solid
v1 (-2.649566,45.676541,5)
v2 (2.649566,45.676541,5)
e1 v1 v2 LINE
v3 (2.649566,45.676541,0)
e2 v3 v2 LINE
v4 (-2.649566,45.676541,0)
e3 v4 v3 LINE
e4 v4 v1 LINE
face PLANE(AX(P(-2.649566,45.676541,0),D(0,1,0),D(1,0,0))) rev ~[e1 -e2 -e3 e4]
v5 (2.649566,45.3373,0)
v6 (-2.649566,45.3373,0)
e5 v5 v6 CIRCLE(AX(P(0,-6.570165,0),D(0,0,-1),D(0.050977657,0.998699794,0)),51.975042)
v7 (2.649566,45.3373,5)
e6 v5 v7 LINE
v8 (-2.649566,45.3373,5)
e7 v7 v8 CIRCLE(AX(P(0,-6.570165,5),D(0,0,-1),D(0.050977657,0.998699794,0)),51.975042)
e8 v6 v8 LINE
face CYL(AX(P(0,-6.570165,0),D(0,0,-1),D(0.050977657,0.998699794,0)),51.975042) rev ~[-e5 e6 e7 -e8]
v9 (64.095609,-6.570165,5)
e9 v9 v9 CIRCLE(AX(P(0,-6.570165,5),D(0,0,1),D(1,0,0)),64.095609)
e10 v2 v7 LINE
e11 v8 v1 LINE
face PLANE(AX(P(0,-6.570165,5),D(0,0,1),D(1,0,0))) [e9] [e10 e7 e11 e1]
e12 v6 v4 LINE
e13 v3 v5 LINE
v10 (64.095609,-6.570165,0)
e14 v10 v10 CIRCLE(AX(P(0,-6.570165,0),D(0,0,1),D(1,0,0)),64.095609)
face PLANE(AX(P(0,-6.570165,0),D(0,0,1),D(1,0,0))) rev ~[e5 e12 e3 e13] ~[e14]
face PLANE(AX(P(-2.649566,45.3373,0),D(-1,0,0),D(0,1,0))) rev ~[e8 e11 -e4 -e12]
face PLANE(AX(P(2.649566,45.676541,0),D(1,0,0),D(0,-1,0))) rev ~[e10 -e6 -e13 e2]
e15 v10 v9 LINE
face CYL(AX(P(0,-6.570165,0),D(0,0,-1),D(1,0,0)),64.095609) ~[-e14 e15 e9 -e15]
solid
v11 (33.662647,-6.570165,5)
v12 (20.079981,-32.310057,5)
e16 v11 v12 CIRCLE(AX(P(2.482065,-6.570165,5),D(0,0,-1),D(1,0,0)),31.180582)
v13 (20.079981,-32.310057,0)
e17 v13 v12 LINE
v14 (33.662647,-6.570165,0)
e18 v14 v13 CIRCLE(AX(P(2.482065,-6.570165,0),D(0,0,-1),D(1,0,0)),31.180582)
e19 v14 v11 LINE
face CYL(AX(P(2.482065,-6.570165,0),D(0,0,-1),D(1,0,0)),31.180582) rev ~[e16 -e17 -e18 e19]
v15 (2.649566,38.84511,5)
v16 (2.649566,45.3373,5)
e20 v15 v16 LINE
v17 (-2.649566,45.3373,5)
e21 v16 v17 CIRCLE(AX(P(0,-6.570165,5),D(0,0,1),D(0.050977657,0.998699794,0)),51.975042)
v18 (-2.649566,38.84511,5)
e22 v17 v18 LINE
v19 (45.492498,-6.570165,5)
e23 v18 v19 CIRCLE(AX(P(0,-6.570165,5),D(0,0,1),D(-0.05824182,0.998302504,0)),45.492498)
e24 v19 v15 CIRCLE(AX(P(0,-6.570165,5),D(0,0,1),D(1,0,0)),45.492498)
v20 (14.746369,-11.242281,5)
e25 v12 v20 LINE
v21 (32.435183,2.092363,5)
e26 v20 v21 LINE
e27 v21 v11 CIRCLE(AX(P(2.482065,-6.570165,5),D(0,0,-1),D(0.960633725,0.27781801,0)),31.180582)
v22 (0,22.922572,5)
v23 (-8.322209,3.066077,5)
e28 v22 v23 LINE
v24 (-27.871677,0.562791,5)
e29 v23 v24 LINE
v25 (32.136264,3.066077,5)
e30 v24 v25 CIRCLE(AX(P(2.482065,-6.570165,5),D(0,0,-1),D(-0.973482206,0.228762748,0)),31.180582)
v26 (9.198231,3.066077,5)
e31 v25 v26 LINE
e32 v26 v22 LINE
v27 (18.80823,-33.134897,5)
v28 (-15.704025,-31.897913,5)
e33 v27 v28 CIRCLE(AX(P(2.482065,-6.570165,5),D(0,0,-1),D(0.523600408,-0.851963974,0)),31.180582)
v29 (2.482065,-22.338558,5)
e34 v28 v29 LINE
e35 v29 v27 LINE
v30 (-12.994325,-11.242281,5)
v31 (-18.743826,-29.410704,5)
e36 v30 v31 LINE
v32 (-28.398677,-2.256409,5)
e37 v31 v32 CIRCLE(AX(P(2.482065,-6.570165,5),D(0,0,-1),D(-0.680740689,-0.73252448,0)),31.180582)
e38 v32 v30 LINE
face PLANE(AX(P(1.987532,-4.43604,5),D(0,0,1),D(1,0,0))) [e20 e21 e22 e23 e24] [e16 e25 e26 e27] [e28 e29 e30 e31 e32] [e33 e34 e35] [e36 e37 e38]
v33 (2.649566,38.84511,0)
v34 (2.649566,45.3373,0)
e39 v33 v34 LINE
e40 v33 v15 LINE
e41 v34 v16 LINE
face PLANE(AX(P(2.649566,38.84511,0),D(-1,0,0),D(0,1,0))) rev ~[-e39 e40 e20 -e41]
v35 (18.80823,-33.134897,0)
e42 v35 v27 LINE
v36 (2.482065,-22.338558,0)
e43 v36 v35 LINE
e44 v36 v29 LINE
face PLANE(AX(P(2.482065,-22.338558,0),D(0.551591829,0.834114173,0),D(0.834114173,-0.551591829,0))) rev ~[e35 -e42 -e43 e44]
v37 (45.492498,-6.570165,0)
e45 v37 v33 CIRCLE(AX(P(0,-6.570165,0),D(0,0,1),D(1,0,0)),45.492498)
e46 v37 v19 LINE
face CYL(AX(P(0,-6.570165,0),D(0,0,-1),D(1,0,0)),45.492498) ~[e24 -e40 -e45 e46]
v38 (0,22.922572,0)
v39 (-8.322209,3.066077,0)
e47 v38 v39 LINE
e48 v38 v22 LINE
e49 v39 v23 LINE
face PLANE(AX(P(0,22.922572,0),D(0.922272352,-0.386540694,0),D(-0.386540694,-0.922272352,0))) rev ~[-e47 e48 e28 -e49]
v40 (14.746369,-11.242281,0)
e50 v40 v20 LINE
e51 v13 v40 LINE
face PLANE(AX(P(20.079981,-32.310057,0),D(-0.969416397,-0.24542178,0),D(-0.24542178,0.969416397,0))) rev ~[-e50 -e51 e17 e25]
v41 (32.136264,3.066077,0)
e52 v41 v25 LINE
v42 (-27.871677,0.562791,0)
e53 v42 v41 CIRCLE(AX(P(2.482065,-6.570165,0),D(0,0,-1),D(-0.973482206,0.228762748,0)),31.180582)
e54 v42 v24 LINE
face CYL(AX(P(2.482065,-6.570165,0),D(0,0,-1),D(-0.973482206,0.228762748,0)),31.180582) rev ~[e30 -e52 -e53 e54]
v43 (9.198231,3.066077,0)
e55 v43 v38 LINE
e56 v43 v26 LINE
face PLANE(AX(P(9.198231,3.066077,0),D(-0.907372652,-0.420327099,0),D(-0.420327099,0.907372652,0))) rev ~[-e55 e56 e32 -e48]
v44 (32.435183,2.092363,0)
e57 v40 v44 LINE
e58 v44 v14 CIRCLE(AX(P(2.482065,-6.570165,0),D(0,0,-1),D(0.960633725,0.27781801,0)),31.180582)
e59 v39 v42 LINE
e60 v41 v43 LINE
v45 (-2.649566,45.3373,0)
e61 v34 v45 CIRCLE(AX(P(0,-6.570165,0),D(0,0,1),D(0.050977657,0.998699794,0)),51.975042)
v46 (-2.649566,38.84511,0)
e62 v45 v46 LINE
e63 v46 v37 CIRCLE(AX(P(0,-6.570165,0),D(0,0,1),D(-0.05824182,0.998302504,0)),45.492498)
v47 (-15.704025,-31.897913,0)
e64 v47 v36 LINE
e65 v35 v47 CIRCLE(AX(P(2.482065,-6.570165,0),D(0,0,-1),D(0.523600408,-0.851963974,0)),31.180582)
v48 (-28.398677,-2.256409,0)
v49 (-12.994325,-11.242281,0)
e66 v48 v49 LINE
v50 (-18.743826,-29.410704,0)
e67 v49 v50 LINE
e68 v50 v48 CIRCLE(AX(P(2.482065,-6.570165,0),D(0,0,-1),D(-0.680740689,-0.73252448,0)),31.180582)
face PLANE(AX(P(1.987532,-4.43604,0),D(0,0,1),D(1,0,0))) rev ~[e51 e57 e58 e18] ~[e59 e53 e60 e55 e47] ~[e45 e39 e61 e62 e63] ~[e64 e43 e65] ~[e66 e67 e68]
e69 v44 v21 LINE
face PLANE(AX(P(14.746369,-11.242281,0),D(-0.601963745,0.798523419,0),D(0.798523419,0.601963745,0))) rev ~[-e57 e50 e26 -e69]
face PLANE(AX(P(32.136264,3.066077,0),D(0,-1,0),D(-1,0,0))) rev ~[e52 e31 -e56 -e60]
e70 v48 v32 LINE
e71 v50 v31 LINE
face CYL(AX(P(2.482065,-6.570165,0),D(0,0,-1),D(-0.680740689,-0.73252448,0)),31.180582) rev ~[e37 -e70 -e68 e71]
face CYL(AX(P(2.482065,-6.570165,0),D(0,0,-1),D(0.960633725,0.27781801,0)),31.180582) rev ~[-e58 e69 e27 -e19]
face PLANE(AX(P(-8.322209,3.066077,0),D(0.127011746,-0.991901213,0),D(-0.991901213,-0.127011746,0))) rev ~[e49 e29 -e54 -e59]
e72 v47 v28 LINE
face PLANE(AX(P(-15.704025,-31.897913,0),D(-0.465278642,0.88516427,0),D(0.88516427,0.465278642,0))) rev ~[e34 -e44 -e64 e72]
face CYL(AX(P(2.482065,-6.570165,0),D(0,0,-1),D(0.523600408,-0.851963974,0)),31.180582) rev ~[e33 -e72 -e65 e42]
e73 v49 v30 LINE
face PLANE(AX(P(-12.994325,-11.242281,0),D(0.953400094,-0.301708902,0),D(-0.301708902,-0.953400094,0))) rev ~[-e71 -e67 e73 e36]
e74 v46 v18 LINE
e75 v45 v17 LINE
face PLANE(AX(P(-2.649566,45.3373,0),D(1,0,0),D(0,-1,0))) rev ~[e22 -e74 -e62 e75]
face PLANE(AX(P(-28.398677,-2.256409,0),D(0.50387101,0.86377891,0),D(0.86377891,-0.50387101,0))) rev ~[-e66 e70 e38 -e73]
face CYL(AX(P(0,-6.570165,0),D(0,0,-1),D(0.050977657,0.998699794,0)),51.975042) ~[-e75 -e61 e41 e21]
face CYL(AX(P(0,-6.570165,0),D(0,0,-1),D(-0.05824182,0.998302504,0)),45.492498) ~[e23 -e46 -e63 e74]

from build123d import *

# Parameters (mm, degrees)
F0_R     = 64.0956088901
F1_DEPTH = 5


with BuildPart() as f1:
    # F0 (on Top) → F1 (new body)
    with BuildSketch(Plane.XY):
        with Locations((0, -6.5701645799)):
            Circle(F0_R)
        with BuildLine():
            ThreePointArc((2.6495658708, 45.3372995925), (37.6770243961, 29.2327245322), (51.975042435, -6.5701645799))
            ThreePointArc((51.975042435, -6.5701645799), (-35.8028891121, -44.247188976), (-2.6495658708, 45.3372995925))
            Line((-2.6495658708, 45.3372995925), (-2.6495658708, 45.6765414602))
            Line((-2.6495658708, 45.6765414602), (2.6495658708, 45.6765414602))
            Line((2.6495658708, 45.6765414602), (2.6495658708, 45.3372995925))
        make_face(mode=Mode.SUBTRACT)
    extrude(amount=F1_DEPTH)


with BuildPart() as f1b:
    # F0 (on Top) → F1, piece 2 (new body)
    with BuildSketch(Plane.XY):
        with BuildLine():
            ThreePointArc((45.4924977003, -6.5701645799), (33.0915602253, 24.647074069), (2.6495658708, 38.8451098078))
            Line((2.6495658708, 38.8451098078), (-2.6495658708, 38.8451098078))
            ThreePointArc((-2.6495658708, 38.8451098078), (-31.2172386489, -39.6617248052), (45.4924977003, -6.5701645799))
        make_face()
        with BuildLine():
            Line((-28.3986768797, -2.2564090332), (-32.2668068111, 0))
            Line((-32.2668068111, 0), (-27.8716769403, 0.562791044))
            ThreePointArc((-27.8716769403, 0.562791044), (1.1824688453, 24.5833222554), (32.1362642374, 3.0660766643))
            Line((32.1362642374, 3.0660766643), (33.7268449366, 3.0660766643))
            Line((33.7268449366, 3.0660766643), (32.43518336, 2.0923626553))
            ThreePointArc((32.43518336, 2.0923626553), (33.3542558204, -2.1956347645), (33.6626467299, -6.5701645799))
            ThreePointArc((33.6626467299, -6.5701645799), (30.0587030706, -21.1220617558), (20.0799809754, -32.3100565119))
            Line((20.0799809754, -32.3100565119), (20.5865129828, -34.3108586967))
            Line((20.5865129828, -34.3108586967), (18.808230216, -33.1348970891))
            ThreePointArc((18.808230216, -33.1348970891), (1.3652109778, -37.7307378925), (-15.7040251778, -31.8979126852))
            Line((-15.7040251778, -31.8979126852), (-20.2945079654, -34.3108586967))
            Line((-20.2945079654, -34.3108586967), (-18.743826095, -29.4107041681))
            ThreePointArc((-18.743826095, -29.4107041681), (-26.8967409255, -17.0159516564), (-28.3986768797, -2.2564090332))
        make_face(mode=Mode.SUBTRACT)
        with BuildLine():
            Line((-8.3222091198, 3.0660766643), (-27.8716769403, 0.562791044))
            ThreePointArc((-27.8716769403, 0.562791044), (-28.1676083174, -0.8407465126), (-28.3986768797, -2.2564090332))
            Line((-28.3986768797, -2.2564090332), (-12.9943247885, -11.2422807142))
            Line((-12.9943247885, -11.2422807142), (-18.743826095, -29.4107041681))
            ThreePointArc((-18.743826095, -29.4107041681), (-17.263127289, -30.7022196568), (-15.7040251778, -31.8979126852))
            Line((-15.7040251778, -31.8979126852), (2.4820647668, -22.3385579884))
            Line((2.4820647668, -22.3385579884), (18.808230216, -33.1348970891))
            ThreePointArc((18.808230216, -33.1348970891), (19.4491187119, -32.7302060933), (20.0799809754, -32.3100565119))
            Line((20.0799809754, -32.3100565119), (14.7463688627, -11.2422807142))
            Line((14.7463688627, -11.2422807142), (32.43518336, 2.0923626553))
            ThreePointArc((32.43518336, 2.0923626553), (32.2897000543, 2.580440325), (32.1362642374, 3.0660766643))
            Line((32.1362642374, 3.0660766643), (9.1982306913, 3.0660766643))
            Line((9.1982306913, 3.0660766643), (0, 22.9225717485))
            Line((0, 22.9225717485), (-8.3222091198, 3.0660766643))
        make_face()
        with BuildLine():
            Line((2.6495658708, 38.8451098078), (2.6495658708, 45.3372995925))
            ThreePointArc((2.6495658708, 45.3372995925), (0, 45.4048778551), (-2.6495658708, 45.3372995925))
            Line((-2.6495658708, 45.3372995925), (-2.6495658708, 38.8451098078))
            ThreePointArc((-2.6495658708, 38.8451098078), (0, 38.9223331204), (2.6495658708, 38.8451098078))
        make_face()
        with BuildLine():
            ThreePointArc((-15.7040251778, -31.8979126852), (-17.263127289, -30.7022196568), (-18.743826095, -29.4107041681))
            Line((-18.743826095, -29.4107041681), (-20.2945079654, -34.3108586967))
            Line((-20.2945079654, -34.3108586967), (-15.7040251778, -31.8979126852))
        make_face()
        with BuildLine():
            Line((-27.8716769403, 0.562791044), (-32.2668068111, 0))
            Line((-32.2668068111, 0), (-28.3986768797, -2.2564090332))
            ThreePointArc((-28.3986768797, -2.2564090332), (-28.1676083174, -0.8407465126), (-27.8716769403, 0.562791044))
        make_face()
        with BuildLine():
            ThreePointArc((20.0799809754, -32.3100565119), (19.4491187119, -32.7302060933), (18.808230216, -33.1348970891))
            Line((18.808230216, -33.1348970891), (20.5865129828, -34.3108586967))
            Line((20.5865129828, -34.3108586967), (20.0799809754, -32.3100565119))
        make_face()
        with BuildLine():
            Line((33.7268449366, 3.0660766643), (32.1362642374, 3.0660766643))
            ThreePointArc((32.1362642374, 3.0660766643), (32.2897000543, 2.580440325), (32.43518336, 2.0923626553))
            Line((32.43518336, 2.0923626553), (33.7268449366, 3.0660766643))
        make_face()
        with BuildLine():
            Line((-2.6495658708, 38.8451098078), (2.6495658708, 38.8451098078))
            ThreePointArc((2.6495658708, 38.8451098078), (0, 38.9223331204), (-2.6495658708, 38.8451098078))
        make_face()
    extrude(amount=F1_DEPTH)


solid = Compound([f1.part, f1b.part])
